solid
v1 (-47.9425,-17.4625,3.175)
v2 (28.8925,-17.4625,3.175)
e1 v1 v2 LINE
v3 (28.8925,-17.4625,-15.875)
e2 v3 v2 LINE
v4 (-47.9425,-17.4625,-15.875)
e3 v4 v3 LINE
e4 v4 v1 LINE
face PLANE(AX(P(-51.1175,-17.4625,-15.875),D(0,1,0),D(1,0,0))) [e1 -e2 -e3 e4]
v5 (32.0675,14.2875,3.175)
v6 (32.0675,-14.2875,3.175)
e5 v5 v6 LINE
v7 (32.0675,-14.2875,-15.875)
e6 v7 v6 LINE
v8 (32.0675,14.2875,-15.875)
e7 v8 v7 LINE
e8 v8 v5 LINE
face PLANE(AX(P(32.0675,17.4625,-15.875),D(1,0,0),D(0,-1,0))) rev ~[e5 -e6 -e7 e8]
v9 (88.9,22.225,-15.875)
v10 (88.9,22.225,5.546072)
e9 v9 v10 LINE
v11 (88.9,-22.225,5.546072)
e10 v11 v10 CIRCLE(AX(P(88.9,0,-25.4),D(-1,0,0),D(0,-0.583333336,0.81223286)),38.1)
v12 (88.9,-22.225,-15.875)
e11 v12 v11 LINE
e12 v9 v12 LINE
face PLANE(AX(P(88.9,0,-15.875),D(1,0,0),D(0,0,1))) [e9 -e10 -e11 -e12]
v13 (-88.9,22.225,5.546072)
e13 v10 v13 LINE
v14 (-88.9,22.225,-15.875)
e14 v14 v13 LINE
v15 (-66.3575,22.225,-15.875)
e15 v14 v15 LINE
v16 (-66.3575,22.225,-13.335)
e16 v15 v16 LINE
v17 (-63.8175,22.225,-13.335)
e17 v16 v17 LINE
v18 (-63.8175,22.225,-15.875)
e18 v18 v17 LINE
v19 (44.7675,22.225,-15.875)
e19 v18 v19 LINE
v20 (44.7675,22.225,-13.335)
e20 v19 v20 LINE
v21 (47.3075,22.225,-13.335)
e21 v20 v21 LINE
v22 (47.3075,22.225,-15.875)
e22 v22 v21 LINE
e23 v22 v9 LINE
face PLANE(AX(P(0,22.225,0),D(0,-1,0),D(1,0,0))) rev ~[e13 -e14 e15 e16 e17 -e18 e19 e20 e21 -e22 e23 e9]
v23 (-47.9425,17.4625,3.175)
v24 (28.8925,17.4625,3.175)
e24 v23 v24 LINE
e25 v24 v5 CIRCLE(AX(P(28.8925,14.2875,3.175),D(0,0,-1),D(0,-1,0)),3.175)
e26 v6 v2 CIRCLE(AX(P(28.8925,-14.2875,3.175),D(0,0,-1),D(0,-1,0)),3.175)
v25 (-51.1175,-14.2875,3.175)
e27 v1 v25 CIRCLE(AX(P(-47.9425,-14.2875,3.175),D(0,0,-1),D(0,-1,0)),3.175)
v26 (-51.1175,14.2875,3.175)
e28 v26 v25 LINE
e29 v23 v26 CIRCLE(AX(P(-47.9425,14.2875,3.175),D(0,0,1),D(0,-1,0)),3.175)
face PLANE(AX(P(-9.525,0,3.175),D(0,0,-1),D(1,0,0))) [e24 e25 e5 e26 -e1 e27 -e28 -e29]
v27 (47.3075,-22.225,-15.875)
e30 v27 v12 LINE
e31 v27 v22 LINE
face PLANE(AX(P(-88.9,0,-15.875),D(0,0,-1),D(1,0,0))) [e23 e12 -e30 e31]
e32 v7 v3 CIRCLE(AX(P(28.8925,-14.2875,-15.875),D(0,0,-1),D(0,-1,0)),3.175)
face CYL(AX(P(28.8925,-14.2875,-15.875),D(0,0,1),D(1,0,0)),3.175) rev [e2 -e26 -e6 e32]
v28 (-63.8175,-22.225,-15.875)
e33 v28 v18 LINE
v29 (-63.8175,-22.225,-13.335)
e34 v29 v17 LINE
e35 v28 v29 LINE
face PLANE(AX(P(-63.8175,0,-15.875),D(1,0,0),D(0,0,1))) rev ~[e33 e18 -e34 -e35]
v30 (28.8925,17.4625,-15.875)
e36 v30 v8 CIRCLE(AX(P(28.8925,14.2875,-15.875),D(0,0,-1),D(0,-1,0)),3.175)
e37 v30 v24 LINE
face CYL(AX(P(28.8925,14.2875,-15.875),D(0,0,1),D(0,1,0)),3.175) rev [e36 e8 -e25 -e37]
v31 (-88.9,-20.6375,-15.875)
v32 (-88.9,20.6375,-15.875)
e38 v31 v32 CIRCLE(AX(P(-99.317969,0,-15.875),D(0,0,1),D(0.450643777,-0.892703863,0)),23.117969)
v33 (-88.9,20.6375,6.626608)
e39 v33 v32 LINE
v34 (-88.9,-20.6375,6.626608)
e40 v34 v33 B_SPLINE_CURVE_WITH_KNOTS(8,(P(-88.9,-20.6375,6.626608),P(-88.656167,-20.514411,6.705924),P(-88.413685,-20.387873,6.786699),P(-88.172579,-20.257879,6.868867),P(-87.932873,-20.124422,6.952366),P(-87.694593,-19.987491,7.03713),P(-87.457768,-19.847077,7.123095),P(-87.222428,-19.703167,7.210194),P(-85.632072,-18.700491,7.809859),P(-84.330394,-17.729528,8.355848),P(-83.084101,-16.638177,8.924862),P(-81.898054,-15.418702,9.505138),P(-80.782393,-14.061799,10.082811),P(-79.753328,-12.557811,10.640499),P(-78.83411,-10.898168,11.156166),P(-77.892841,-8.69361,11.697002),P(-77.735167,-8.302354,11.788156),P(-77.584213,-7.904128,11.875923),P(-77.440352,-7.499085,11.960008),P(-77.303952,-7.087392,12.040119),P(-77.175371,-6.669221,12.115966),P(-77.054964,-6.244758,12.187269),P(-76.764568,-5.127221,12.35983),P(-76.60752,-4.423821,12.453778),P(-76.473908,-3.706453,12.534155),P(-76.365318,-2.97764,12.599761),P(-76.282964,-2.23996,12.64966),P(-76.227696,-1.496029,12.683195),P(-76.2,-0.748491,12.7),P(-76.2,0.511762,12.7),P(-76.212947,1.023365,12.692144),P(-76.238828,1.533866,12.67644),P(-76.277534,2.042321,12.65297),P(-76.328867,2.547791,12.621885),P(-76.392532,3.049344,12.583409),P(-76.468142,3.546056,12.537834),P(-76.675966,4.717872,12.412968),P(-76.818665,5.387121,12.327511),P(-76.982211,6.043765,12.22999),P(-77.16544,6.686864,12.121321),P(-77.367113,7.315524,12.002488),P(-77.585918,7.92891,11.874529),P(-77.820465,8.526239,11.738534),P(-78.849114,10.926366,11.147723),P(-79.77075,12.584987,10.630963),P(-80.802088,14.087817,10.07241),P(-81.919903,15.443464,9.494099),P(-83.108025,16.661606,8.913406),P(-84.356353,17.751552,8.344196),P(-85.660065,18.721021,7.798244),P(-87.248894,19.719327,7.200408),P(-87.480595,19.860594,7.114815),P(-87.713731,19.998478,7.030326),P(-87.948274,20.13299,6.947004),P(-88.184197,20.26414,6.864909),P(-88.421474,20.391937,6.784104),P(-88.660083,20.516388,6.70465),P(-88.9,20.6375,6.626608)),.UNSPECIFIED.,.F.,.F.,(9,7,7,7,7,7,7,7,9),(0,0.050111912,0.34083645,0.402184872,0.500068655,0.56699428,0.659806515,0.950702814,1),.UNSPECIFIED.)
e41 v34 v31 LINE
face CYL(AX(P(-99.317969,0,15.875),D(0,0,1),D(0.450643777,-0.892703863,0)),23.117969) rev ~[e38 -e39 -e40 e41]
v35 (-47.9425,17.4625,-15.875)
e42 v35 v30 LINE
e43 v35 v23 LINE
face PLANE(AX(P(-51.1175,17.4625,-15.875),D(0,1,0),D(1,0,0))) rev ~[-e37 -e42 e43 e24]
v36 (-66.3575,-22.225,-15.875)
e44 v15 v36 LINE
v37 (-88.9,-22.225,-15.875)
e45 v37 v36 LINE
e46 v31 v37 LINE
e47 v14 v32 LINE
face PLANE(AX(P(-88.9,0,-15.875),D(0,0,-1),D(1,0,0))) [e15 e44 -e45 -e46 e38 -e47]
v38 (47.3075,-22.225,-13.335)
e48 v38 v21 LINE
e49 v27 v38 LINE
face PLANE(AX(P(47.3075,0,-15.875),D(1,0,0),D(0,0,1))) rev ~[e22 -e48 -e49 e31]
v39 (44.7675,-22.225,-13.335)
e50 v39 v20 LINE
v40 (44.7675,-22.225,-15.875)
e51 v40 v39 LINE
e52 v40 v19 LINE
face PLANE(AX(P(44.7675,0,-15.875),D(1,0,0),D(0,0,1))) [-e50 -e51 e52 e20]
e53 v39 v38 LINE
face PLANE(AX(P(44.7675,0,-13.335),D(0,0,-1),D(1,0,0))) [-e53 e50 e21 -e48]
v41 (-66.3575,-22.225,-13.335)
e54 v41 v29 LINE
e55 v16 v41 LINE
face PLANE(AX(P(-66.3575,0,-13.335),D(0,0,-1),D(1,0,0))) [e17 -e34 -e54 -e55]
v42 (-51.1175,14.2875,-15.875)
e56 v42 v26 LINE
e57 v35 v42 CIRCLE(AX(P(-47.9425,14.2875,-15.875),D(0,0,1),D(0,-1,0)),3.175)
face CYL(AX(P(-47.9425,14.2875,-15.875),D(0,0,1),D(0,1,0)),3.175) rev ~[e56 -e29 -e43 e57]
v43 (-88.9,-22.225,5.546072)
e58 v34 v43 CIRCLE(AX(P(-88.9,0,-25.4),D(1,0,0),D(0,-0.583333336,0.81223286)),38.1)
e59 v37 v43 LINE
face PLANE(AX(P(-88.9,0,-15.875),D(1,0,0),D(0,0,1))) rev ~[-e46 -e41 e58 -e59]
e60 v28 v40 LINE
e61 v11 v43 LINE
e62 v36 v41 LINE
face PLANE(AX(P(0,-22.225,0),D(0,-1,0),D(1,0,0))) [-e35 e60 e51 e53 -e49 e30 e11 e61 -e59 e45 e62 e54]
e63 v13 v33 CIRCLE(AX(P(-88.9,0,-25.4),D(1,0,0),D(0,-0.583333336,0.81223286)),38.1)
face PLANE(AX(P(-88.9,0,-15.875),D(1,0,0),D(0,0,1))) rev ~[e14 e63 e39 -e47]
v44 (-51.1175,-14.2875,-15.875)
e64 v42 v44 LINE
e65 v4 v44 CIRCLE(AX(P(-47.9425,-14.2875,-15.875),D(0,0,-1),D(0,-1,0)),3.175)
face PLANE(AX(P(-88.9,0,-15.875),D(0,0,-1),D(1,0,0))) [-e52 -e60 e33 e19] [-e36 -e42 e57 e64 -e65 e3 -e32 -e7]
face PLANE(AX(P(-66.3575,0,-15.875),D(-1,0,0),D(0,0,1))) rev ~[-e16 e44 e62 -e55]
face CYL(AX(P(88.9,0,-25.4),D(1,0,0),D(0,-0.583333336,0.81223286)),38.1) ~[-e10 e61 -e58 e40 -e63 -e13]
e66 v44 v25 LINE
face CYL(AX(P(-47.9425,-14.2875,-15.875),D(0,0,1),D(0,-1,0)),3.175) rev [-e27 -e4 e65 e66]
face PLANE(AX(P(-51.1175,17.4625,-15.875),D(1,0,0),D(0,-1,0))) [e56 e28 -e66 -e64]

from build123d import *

# Parameters (mm, degrees)
F0_W          = 177.8
F0_H          = 31.75
F11_DEPTH     = 22.225
F1_W          = 2.54
F1_H          = 2.54
F2_DEPTH      = 22.225
F2_DEPTH_BACK = 22.225
F4_DEPTH      = 31.751
F6_DEPTH      = 177.801
F7_W          = 83.185
F7_H          = 34.925
F8_DEPTH      = 19.05
F9_R          = 3.175


with BuildPart() as f11:
    # F0 (on Front) → F11 (new body, symmetric)
    with BuildSketch(Plane.XZ):
        Rectangle(F0_W, F0_H)
    extrude(amount=F11_DEPTH, both=True)

    # F1 (on Front) → F2 (cut, two sides)
    with BuildSketch(Plane.XZ) as f2_sk:
        with Locations((-65.0875, -14.605)):
            Rectangle(F1_W, F1_H)
        with Locations((46.0375, -14.605)):
            Rectangle(F1_W, F1_H)
    extrude(amount=F2_DEPTH, mode=Mode.SUBTRACT)
    extrude(f2_sk.sketch, amount=-F2_DEPTH_BACK, mode=Mode.SUBTRACT)

    # F3 (on face) → F4 (cut, through all)
    with BuildSketch(Plane.XY.offset(15.875)):
        with BuildLine():
            Line((-88.9, 20.6375), (-88.9, -20.6375))
            ThreePointArc((-88.9, -20.6375), (-76.2, 0), (-88.9, 20.6375))
        make_face()
    extrude(amount=-F4_DEPTH, mode=Mode.SUBTRACT)

    # F5 (on face) → F6 (cut, through all)
    with BuildSketch(Plane.YZ.offset(88.9)):
        with BuildLine():
            ThreePointArc((-22.225, 5.546072), (0, 12.7), (22.225, 5.546072))
            Line((22.225, 5.546072), (22.225, 15.875))
            Line((22.225, 15.875), (-22.225, 15.875))
            Line((-22.225, 15.875), (-22.225, 5.546072))
        make_face()
    extrude(amount=-F6_DEPTH, mode=Mode.SUBTRACT)

    # F7 (on face) → F8 (cut)
    with BuildSketch(Plane(origin=(0, 0, -15.875), x_dir=(1, 0, 0), z_dir=(0, 0, -1))):
        with Locations((-9.525, 0)):
            Rectangle(F7_W, F7_H)
    extrude(amount=-F8_DEPTH, mode=Mode.SUBTRACT)

    # F9
    f9_edges = [f11.edges().sort_by_distance(p)[0] for p in [
        (32.0675, -17.4625, -6.35),
        (-51.1175, -17.4625, -6.35),
        (-51.1175, 17.4625, -6.35),
        (32.0675, 17.4625, -6.35),
    ]]
    fillet(f9_edges, radius=F9_R)


solid = f11.part
